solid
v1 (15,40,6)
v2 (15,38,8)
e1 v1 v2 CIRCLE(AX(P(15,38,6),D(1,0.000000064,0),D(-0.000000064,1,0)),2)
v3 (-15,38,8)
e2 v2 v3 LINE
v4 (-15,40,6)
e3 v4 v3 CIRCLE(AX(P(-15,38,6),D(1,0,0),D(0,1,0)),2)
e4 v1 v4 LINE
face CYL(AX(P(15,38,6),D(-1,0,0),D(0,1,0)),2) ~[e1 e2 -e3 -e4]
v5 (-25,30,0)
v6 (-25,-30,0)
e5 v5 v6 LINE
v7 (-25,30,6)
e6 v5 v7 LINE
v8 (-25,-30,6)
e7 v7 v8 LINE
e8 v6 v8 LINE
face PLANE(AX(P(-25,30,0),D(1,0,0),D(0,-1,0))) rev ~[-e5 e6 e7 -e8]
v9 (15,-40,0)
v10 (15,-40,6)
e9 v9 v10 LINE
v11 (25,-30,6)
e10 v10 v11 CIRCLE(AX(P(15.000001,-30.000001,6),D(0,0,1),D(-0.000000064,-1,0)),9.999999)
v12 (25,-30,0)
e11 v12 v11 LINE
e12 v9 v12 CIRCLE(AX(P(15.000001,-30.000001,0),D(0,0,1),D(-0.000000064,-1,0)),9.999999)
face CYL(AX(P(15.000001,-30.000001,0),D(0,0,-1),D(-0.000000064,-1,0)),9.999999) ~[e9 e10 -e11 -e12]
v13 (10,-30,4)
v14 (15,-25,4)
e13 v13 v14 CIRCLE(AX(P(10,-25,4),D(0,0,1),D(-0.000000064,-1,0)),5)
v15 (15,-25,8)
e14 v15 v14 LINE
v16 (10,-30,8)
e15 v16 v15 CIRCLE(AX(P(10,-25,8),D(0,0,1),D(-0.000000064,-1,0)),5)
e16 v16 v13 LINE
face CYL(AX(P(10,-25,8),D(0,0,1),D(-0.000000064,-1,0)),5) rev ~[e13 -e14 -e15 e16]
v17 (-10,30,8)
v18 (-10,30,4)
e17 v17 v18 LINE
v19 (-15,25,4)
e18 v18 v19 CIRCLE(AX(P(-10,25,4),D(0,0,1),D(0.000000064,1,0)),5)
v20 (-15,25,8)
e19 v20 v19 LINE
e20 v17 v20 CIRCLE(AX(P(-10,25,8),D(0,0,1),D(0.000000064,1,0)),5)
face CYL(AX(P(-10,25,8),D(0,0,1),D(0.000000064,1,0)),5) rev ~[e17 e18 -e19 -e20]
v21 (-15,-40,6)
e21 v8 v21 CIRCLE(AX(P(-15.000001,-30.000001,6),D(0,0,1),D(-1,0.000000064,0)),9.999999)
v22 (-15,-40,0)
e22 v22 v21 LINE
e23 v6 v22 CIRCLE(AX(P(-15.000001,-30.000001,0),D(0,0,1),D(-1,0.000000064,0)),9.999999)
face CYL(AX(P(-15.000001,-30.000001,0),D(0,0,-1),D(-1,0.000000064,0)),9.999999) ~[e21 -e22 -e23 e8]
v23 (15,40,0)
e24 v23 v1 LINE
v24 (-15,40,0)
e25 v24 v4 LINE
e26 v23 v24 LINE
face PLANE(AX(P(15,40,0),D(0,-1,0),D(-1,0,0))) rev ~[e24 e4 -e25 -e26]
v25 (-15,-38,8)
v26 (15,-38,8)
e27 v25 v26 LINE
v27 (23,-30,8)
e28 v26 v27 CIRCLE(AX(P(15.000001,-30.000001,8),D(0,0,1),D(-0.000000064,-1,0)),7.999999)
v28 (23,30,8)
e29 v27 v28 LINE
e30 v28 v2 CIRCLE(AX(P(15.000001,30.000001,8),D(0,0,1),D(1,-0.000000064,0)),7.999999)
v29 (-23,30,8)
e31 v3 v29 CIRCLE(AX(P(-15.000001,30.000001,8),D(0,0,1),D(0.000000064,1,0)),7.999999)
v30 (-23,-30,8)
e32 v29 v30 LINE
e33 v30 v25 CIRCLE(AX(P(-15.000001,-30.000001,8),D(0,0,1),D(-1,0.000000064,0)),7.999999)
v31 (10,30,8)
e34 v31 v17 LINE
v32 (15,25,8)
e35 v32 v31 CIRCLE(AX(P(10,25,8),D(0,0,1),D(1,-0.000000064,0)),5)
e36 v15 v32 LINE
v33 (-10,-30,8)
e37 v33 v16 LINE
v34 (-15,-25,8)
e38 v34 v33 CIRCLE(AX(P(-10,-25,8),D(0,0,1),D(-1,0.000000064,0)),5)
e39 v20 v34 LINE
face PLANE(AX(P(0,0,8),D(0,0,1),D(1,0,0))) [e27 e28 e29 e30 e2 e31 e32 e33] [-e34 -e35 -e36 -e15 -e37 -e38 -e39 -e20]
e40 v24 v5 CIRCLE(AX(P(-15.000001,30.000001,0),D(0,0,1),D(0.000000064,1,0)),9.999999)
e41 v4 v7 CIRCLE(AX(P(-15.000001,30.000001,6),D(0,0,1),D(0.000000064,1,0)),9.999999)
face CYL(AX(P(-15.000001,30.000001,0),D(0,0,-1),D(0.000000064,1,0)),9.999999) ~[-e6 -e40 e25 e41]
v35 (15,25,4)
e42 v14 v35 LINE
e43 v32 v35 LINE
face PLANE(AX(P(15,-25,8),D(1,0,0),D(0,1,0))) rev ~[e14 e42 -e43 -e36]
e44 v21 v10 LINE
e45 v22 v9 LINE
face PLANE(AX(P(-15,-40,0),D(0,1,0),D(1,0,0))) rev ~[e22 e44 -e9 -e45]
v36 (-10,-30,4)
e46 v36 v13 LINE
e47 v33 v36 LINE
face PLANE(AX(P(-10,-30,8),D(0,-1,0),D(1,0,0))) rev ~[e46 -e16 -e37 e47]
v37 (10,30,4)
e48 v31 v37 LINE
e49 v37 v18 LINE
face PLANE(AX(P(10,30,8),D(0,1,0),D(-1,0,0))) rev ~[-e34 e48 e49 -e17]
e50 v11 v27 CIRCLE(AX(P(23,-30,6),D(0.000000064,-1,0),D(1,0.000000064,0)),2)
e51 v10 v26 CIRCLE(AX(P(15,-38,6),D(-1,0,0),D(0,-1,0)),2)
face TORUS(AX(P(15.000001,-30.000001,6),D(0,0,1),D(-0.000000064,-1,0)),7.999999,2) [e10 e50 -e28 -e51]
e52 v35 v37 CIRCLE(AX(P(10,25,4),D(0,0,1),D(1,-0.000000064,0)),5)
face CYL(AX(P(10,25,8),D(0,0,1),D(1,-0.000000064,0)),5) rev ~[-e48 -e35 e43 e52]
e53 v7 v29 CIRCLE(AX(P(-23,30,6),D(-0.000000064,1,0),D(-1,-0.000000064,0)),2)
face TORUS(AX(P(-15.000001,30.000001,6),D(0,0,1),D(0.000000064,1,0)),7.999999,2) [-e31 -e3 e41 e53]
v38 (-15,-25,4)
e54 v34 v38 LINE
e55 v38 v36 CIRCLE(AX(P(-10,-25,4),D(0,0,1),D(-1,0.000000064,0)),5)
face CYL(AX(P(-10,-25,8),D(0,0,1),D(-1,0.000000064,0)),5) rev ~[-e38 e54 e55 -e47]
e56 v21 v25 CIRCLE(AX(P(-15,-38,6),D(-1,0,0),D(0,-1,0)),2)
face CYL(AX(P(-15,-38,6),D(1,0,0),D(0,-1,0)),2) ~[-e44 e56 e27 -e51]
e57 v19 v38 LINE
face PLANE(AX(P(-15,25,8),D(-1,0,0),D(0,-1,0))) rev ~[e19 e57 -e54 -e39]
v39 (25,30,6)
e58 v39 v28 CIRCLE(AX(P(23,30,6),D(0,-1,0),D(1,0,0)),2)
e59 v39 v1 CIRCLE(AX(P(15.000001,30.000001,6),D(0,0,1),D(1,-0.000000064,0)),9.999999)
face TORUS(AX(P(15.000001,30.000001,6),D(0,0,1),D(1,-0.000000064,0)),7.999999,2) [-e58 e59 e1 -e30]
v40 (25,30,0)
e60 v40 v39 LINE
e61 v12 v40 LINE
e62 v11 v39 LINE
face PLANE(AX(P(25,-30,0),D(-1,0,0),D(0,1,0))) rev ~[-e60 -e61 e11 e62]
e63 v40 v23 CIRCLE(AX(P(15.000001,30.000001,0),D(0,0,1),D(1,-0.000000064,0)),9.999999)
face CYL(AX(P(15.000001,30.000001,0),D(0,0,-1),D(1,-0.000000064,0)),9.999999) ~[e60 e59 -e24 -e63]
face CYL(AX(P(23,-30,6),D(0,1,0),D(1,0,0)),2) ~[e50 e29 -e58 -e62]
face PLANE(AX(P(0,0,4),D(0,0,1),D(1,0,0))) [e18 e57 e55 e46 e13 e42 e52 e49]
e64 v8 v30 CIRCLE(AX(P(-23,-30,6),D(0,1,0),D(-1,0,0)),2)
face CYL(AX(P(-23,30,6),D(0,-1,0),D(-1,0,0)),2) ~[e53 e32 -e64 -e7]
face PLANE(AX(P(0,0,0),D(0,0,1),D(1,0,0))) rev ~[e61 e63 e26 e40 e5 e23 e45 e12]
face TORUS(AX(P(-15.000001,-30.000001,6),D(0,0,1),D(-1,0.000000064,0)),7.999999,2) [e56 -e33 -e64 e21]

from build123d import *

# Parameters (mm, degrees)
F1_DEPTH = 8
F2_R     = 2
F4_DEPTH = 4


with BuildPart() as f1:
    # F0 (on Top) → F1 (new body)
    with BuildSketch(Plane.XY):
        with BuildLine():
            Line((-15, -40), (15, -40))
            ThreePointArc((15, -40), (22.071068, -37.071068), (25, -30))
            Line((25, -30), (25, 30))
            ThreePointArc((25, 30), (22.071068, 37.071068), (15, 40))
            Line((15, 40), (-15, 40))
            ThreePointArc((-15, 40), (-22.071068, 37.071068), (-25, 30))
            Line((-25, 30), (-25, -30))
            ThreePointArc((-25, -30), (-22.071068, -37.071068), (-15, -40))
        make_face()
    extrude(amount=F1_DEPTH)

    # F2
    f2_edges = [f1.edges().sort_by_distance(p)[0] for p in [
        (0, -40, 8),
        (22.071068, -37.071068, 8),
        (25, 0, 8),
        (22.071068, 37.071068, 8),
        (0, 40, 8),
        (-22.071068, 37.071068, 8),
        (-25, 0, 8),
        (-22.071068, -37.071068, 8),
    ]]
    fillet(f2_edges, radius=F2_R)

    # F3 (on face) → F4 (cut)
    with BuildSketch(Plane.XY.offset(8)):
        with BuildLine():
            Line((-10, -30), (10, -30))
            ThreePointArc((10, -30), (13.535534, -28.535534), (15, -25))
            Line((15, -25), (15, 25))
            ThreePointArc((15, 25), (13.535534, 28.535534), (10, 30))
            Line((10, 30), (-10, 30))
            ThreePointArc((-10, 30), (-13.535534, 28.535534), (-15, 25))
            Line((-15, 25), (-15, -25))
            ThreePointArc((-15, -25), (-13.535534, -28.535534), (-10, -30))
        make_face()
    extrude(amount=-F4_DEPTH, mode=Mode.SUBTRACT)


solid = f1.part
